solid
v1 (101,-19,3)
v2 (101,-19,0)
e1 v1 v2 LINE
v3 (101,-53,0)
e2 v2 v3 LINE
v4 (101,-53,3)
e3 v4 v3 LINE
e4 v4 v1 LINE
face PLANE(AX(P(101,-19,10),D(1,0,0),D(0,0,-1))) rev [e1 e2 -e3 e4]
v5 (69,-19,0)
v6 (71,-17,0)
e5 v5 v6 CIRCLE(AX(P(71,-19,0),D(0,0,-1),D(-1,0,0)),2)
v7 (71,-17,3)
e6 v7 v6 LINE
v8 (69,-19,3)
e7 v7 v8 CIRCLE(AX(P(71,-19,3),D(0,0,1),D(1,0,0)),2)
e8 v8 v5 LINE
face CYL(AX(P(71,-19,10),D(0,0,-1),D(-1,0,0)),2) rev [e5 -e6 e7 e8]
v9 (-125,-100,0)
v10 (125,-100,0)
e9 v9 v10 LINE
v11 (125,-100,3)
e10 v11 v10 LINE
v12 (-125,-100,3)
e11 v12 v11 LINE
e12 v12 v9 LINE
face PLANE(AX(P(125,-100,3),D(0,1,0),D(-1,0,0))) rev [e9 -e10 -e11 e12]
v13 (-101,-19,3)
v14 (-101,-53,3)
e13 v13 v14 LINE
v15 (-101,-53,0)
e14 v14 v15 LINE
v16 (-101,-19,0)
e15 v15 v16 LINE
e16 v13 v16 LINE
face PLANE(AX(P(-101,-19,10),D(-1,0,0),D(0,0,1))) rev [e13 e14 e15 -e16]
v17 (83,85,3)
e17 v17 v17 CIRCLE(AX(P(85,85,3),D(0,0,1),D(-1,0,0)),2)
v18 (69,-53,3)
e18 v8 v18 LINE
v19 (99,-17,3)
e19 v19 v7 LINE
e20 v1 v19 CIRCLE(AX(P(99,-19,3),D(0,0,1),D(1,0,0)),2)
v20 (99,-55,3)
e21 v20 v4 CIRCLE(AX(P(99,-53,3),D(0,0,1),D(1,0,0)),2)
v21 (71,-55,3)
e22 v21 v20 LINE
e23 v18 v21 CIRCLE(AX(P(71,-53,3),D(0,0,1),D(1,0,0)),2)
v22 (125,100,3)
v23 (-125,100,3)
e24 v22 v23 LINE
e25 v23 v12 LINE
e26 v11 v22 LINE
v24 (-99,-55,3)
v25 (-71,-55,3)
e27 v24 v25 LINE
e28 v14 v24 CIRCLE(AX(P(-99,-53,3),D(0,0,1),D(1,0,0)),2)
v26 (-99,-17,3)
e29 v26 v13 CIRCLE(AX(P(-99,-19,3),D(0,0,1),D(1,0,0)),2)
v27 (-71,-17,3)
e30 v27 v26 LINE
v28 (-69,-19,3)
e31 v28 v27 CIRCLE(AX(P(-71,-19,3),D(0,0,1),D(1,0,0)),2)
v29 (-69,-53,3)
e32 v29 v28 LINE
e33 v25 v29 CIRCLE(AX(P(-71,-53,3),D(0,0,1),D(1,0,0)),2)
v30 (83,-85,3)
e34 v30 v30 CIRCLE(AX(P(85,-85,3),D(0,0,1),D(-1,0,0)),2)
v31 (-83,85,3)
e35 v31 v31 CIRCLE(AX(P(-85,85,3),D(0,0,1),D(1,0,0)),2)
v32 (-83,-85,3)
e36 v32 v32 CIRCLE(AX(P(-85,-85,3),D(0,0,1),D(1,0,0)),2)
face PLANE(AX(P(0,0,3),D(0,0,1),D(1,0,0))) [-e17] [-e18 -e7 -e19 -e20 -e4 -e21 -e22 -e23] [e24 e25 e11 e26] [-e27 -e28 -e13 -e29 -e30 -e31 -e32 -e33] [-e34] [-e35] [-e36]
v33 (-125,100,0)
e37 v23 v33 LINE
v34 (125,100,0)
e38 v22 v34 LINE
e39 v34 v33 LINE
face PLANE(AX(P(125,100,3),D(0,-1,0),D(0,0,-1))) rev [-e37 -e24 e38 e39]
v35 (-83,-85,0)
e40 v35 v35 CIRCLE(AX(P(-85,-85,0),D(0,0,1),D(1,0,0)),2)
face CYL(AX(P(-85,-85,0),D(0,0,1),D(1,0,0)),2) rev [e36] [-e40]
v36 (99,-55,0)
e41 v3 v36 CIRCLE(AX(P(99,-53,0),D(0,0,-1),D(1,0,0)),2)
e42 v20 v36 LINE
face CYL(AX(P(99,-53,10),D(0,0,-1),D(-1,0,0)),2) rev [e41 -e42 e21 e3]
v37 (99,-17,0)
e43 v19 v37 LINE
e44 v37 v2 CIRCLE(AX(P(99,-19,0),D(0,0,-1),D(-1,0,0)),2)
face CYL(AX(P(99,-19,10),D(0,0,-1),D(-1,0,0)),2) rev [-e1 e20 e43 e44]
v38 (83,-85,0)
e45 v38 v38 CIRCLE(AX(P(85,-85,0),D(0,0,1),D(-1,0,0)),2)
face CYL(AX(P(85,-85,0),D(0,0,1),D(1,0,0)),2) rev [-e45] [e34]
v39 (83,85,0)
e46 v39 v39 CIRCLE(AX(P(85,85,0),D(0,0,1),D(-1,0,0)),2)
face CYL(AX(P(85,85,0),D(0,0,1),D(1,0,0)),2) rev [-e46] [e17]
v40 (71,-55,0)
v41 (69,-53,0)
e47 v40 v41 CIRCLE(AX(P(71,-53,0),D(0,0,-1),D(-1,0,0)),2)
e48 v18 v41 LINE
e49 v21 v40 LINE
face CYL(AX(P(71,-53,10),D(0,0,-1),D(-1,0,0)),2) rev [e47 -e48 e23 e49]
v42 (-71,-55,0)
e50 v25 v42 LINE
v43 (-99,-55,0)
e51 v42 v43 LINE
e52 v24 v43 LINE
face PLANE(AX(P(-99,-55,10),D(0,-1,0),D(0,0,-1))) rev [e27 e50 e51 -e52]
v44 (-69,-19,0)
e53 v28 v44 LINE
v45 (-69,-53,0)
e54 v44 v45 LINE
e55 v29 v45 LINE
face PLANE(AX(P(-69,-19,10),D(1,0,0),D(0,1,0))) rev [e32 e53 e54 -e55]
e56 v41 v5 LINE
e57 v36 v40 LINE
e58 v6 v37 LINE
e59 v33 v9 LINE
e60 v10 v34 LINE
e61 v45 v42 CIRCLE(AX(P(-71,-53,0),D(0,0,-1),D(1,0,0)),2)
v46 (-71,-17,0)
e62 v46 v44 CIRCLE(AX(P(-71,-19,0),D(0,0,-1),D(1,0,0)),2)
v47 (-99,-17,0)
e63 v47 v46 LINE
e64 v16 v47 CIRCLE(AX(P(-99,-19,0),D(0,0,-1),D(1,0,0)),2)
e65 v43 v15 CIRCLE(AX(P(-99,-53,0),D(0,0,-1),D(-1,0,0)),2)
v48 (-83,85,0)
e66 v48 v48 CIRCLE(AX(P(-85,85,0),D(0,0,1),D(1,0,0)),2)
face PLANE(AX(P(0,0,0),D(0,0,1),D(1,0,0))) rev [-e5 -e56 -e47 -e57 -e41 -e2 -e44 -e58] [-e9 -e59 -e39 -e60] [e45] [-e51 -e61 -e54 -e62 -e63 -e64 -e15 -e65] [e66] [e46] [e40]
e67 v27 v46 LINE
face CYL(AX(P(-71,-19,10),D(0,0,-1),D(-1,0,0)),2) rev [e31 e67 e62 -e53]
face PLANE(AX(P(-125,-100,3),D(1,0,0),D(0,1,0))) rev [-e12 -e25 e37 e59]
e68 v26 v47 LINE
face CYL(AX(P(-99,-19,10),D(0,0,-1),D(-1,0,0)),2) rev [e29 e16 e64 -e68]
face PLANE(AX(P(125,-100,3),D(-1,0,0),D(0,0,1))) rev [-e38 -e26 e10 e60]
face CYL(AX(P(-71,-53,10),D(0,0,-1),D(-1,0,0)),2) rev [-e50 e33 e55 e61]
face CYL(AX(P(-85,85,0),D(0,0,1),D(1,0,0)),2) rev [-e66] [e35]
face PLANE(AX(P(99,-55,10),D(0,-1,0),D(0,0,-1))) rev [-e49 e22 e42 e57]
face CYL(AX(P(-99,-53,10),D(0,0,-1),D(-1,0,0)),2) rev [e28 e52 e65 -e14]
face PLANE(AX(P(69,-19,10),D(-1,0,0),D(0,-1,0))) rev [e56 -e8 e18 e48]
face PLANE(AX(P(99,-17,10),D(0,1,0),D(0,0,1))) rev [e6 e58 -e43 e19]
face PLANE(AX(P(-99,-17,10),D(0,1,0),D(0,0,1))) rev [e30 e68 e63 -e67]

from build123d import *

# Parameters (mm, degrees)
SKETCH1_W           = 250
SKETCH1_H           = 200
BOSS_EXTRUDE1_DEPTH = 3
SKETCH3_R           = 2
CUT_EXTRUDE2_DEPTH  = 3
CUT_EXTRUDE3_DEPTH  = 10


with BuildPart() as part:
    # Sketch1 → Boss-Extrude1 (new body)
    with BuildSketch(Plane.XY):
        Rectangle(SKETCH1_W, SKETCH1_H)
    extrude(amount=BOSS_EXTRUDE1_DEPTH)

    # Sketch3 → Cut-Extrude2 (cut)
    with BuildSketch(Plane.XY.offset(3)):
        with Locations((-85, 85)):
            Circle(SKETCH3_R)
        with Locations((-85, -85)):
            Circle(SKETCH3_R)
        with Locations((-85, -425)):
            Circle(SKETCH3_R)
        with Locations((85, -425)):
            Circle(SKETCH3_R)
        with Locations(Location((85, -85, 0), (0, 0, 180))):
            Circle(SKETCH3_R)
        with Locations(Location((85, 85, 0), (0, 0, 180))):
            Circle(SKETCH3_R)
    extrude(amount=-CUT_EXTRUDE2_DEPTH, mode=Mode.SUBTRACT)

    # Sketch4 → Cut-Extrude3 (cut)
    with BuildSketch(Plane(origin=(0, 0, 0), x_dir=(-1, 0, 0), z_dir=(0, 0, -1))):
        with BuildLine():
            Line((-99, -17), (-71, -17))
            ThreePointArc((-71, -17), (-69.585786438, -17.585786438), (-69, -19))
            Line((-69, -19), (-69, -53))
            ThreePointArc((-69, -53), (-69.585786438, -54.414213562), (-71, -55))
            Line((-71, -55), (-99, -55))
            ThreePointArc((-99, -55), (-100.414213562, -54.414213562), (-101, -53))
            Line((-101, -53), (-101, -19))
            ThreePointArc((-101, -19), (-100.414213562, -17.585786438), (-99, -17))
        make_face()
        with BuildLine():
            Line((69, -19), (69, -53))
            ThreePointArc((69, -53), (69.585786438, -54.414213562), (71, -55))
            Line((71, -55), (99, -55))
            ThreePointArc((99, -55), (100.414213562, -54.414213562), (101, -53))
            Line((101, -53), (101, -19))
            ThreePointArc((101, -19), (100.414213562, -17.585786438), (99, -17))
            Line((99, -17), (71, -17))
            ThreePointArc((71, -17), (69.585786438, -17.585786438), (69, -19))
        make_face()
    extrude(amount=-CUT_EXTRUDE3_DEPTH, mode=Mode.SUBTRACT)


solid = part.part
